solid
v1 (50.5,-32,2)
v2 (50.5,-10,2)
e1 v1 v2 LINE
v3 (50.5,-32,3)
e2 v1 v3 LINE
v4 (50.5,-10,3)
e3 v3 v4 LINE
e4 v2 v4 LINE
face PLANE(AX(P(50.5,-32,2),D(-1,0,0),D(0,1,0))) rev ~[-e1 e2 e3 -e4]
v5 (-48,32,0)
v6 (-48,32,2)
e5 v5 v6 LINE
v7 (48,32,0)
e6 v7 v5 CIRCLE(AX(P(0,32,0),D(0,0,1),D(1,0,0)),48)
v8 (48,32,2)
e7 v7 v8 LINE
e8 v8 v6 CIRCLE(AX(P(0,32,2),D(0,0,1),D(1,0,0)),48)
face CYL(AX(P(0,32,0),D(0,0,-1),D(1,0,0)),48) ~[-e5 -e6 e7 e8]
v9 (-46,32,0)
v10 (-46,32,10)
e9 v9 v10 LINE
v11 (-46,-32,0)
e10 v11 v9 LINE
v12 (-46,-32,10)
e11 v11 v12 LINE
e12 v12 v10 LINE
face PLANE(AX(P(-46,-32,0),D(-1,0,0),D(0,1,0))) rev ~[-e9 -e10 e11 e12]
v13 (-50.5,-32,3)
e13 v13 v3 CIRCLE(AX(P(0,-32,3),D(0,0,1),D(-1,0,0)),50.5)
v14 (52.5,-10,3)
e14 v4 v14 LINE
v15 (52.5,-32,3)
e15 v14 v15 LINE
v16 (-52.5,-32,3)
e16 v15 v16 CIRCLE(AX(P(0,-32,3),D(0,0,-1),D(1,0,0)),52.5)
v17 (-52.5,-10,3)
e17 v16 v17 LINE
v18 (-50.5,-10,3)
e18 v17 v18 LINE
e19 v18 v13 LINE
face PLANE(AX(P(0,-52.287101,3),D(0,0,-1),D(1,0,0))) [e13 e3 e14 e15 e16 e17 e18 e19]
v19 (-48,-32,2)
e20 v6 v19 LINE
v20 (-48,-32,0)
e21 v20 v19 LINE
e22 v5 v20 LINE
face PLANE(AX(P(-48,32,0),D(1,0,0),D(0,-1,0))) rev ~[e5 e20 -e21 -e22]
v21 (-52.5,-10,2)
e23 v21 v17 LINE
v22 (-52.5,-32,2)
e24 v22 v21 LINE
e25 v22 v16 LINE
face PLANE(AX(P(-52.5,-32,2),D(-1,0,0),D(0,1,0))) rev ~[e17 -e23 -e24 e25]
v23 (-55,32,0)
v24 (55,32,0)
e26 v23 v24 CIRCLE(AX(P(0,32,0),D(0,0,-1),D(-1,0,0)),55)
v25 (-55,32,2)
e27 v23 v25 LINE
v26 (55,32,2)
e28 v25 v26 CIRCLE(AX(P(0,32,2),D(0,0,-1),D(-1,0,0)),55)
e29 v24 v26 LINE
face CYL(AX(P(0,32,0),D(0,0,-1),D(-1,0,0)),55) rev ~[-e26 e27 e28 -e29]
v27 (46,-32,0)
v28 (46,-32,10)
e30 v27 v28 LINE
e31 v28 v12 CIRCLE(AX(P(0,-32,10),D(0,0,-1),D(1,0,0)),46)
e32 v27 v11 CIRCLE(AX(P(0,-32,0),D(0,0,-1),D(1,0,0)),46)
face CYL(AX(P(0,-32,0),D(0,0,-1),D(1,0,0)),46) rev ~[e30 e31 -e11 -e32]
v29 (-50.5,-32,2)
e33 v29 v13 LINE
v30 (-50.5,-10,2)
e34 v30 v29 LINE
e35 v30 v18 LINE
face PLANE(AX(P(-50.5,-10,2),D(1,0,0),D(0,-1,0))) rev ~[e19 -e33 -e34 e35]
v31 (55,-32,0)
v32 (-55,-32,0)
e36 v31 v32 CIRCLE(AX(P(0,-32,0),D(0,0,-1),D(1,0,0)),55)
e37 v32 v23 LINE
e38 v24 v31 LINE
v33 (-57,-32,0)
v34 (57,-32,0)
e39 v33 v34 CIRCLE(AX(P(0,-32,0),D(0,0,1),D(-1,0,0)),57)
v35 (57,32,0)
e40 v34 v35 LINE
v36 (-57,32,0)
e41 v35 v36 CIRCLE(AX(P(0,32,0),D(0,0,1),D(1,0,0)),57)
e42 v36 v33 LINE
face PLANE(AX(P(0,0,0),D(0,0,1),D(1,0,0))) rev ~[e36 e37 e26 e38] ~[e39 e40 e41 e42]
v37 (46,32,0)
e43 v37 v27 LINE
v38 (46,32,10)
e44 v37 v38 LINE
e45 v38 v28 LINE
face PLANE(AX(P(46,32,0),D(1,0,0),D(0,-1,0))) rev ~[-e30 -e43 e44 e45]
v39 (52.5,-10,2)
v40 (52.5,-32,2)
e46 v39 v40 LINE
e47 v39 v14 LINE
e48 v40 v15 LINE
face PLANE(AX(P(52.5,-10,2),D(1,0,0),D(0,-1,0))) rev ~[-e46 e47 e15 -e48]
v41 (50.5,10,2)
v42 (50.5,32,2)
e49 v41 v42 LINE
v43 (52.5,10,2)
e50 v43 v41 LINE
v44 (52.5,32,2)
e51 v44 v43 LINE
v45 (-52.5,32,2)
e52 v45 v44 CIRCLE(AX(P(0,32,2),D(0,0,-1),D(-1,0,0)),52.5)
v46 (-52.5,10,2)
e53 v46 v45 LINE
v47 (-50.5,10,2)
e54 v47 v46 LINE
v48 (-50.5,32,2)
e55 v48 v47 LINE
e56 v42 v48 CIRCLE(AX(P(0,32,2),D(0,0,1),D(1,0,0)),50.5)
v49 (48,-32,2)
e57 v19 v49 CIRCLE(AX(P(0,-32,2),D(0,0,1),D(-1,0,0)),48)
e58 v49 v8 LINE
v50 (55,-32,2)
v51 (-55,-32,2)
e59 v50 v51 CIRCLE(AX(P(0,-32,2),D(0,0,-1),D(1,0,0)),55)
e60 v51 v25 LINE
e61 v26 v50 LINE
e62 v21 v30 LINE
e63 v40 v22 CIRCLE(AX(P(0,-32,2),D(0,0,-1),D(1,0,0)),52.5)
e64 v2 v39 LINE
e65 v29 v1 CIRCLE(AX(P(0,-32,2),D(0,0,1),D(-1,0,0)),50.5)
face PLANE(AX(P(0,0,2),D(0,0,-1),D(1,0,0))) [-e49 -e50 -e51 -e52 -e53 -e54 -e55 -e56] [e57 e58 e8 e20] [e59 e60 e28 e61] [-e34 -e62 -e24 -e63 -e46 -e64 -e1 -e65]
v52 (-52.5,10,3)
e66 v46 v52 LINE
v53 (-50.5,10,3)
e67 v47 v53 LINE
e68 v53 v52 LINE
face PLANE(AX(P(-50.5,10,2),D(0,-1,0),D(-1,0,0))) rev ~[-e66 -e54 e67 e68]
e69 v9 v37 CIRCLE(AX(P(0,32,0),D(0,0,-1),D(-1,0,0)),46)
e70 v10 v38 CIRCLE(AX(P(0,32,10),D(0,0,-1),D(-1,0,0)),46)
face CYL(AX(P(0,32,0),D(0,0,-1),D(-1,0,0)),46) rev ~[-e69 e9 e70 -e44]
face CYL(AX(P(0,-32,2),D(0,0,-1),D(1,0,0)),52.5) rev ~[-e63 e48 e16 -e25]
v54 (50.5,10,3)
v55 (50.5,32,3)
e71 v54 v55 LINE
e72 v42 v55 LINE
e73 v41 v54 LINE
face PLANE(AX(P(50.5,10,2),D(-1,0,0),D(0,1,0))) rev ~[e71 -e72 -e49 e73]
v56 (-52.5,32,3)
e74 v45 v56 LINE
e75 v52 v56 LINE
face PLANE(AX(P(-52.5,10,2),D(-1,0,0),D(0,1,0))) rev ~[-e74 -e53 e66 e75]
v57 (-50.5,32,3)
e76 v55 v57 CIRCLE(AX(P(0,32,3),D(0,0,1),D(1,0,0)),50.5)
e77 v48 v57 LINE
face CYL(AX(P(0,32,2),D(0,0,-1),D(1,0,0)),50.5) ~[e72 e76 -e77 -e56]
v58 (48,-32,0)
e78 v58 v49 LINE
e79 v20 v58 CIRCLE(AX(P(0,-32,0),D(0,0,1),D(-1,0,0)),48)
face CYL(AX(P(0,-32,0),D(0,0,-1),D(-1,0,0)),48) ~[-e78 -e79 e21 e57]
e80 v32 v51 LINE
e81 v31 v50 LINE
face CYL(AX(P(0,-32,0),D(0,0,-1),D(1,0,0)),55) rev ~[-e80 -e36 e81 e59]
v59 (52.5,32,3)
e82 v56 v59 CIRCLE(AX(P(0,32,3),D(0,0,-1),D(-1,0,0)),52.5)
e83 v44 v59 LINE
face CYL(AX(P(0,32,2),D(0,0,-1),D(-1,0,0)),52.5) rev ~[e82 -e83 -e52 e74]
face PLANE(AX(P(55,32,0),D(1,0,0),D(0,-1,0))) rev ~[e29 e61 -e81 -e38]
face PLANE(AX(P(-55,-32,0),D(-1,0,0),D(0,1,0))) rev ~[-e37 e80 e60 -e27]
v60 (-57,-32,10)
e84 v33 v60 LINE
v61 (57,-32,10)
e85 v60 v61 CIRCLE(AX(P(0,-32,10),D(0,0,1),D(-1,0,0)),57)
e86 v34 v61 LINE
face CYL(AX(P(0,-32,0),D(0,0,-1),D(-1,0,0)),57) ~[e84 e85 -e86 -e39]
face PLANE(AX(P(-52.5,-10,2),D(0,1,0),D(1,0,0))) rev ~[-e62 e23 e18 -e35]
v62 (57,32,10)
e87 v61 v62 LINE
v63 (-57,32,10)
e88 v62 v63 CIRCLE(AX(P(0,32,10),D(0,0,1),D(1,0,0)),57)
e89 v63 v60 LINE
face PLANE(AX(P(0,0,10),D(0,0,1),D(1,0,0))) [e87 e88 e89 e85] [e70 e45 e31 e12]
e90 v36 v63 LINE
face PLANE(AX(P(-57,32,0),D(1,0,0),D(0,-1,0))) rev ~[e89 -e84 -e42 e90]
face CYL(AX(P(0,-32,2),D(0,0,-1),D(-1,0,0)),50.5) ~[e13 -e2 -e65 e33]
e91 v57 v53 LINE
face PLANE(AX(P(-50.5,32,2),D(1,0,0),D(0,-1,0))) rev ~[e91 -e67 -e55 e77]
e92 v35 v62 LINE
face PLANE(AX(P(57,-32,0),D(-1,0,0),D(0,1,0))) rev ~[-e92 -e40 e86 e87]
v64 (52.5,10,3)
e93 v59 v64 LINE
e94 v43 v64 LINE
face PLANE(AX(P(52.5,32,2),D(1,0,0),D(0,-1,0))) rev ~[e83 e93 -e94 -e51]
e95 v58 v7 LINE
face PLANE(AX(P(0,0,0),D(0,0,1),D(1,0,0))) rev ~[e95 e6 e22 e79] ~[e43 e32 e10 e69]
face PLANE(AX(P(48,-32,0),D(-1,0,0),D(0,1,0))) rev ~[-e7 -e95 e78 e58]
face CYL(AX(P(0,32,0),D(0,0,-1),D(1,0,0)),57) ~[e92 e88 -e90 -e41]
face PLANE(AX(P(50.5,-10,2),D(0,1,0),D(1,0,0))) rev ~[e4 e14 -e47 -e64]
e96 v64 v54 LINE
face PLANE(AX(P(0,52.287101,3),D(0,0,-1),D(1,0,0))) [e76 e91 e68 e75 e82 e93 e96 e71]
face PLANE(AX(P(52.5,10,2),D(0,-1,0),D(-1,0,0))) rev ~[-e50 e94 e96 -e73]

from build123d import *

# Parameters (mm, degrees)
F1_DEPTH = 10
F3_DEPTH = 2
F5_DEPTH = 1


with BuildPart() as f1:
    # F0 (on Top) → F1 (new body)
    with BuildSketch(Plane.XY):
        with BuildLine():
            ThreePointArc((57, 32), (0, 89), (-57, 32))
            Line((-57, 32), (-57, -32))
            ThreePointArc((-57, -32), (0, -89), (57, -32))
            Line((57, -32), (57, 32))
        make_face()
        with BuildLine():
            ThreePointArc((-46, 32), (0, 78), (46, 32))
            Line((46, 32), (46, -32))
            ThreePointArc((46, -32), (0, -78), (-46, -32))
            Line((-46, -32), (-46, 32))
        make_face(mode=Mode.SUBTRACT)
    extrude(amount=F1_DEPTH)

    # F2 (on face) → F3 (cut)
    with BuildSketch(Plane(origin=(0, 0, 0), x_dir=(1, 0, 0), z_dir=(0, 0, -1))):
        with BuildLine():
            ThreePointArc((55, 32), (0, 87), (-55, 32))
            Line((-55, 32), (-55, -32))
            ThreePointArc((-55, -32), (0, -87), (55, -32))
            Line((55, -32), (55, 32))
        make_face()
        with BuildLine():
            Line((-48, -32), (-48, 32))
            ThreePointArc((-48, 32), (0, 80), (48, 32))
            Line((48, 32), (48, -32))
            ThreePointArc((48, -32), (0, -80), (-48, -32))
        make_face(mode=Mode.SUBTRACT)
    extrude(amount=-F3_DEPTH, mode=Mode.SUBTRACT)

    # F4 (on face) → F5 (cut)
    with BuildSketch(Plane(origin=(0, 0, 2), x_dir=(1, 0, 0), z_dir=(0, 0, -1))):
        with BuildLine():
            Line((52.5, 10), (52.5, 32))
            ThreePointArc((52.5, 32), (0, 84.5), (-52.5, 32))
            Line((-52.5, 32), (-52.5, 10))
            Line((-52.5, 10), (-50.5, 10))
            Line((-50.5, 10), (-50.5, 32))
            ThreePointArc((-50.5, 32), (0, 82.5), (50.5, 32))
            Line((50.5, 32), (50.5, 10))
            Line((50.5, 10), (52.5, 10))
        make_face()
        with BuildLine():
            Line((-52.5, -10), (-52.5, -32))
            ThreePointArc((-52.5, -32), (0, -84.5), (52.5, -32))
            Line((52.5, -32), (52.5, -10))
            Line((52.5, -10), (50.5, -10))
            Line((50.5, -10), (50.5, -32))
            ThreePointArc((50.5, -32), (0, -82.5), (-50.5, -32))
            Line((-50.5, -32), (-50.5, -10))
            Line((-50.5, -10), (-52.5, -10))
        make_face()
    extrude(amount=-F5_DEPTH, mode=Mode.SUBTRACT)


solid = f1.part
